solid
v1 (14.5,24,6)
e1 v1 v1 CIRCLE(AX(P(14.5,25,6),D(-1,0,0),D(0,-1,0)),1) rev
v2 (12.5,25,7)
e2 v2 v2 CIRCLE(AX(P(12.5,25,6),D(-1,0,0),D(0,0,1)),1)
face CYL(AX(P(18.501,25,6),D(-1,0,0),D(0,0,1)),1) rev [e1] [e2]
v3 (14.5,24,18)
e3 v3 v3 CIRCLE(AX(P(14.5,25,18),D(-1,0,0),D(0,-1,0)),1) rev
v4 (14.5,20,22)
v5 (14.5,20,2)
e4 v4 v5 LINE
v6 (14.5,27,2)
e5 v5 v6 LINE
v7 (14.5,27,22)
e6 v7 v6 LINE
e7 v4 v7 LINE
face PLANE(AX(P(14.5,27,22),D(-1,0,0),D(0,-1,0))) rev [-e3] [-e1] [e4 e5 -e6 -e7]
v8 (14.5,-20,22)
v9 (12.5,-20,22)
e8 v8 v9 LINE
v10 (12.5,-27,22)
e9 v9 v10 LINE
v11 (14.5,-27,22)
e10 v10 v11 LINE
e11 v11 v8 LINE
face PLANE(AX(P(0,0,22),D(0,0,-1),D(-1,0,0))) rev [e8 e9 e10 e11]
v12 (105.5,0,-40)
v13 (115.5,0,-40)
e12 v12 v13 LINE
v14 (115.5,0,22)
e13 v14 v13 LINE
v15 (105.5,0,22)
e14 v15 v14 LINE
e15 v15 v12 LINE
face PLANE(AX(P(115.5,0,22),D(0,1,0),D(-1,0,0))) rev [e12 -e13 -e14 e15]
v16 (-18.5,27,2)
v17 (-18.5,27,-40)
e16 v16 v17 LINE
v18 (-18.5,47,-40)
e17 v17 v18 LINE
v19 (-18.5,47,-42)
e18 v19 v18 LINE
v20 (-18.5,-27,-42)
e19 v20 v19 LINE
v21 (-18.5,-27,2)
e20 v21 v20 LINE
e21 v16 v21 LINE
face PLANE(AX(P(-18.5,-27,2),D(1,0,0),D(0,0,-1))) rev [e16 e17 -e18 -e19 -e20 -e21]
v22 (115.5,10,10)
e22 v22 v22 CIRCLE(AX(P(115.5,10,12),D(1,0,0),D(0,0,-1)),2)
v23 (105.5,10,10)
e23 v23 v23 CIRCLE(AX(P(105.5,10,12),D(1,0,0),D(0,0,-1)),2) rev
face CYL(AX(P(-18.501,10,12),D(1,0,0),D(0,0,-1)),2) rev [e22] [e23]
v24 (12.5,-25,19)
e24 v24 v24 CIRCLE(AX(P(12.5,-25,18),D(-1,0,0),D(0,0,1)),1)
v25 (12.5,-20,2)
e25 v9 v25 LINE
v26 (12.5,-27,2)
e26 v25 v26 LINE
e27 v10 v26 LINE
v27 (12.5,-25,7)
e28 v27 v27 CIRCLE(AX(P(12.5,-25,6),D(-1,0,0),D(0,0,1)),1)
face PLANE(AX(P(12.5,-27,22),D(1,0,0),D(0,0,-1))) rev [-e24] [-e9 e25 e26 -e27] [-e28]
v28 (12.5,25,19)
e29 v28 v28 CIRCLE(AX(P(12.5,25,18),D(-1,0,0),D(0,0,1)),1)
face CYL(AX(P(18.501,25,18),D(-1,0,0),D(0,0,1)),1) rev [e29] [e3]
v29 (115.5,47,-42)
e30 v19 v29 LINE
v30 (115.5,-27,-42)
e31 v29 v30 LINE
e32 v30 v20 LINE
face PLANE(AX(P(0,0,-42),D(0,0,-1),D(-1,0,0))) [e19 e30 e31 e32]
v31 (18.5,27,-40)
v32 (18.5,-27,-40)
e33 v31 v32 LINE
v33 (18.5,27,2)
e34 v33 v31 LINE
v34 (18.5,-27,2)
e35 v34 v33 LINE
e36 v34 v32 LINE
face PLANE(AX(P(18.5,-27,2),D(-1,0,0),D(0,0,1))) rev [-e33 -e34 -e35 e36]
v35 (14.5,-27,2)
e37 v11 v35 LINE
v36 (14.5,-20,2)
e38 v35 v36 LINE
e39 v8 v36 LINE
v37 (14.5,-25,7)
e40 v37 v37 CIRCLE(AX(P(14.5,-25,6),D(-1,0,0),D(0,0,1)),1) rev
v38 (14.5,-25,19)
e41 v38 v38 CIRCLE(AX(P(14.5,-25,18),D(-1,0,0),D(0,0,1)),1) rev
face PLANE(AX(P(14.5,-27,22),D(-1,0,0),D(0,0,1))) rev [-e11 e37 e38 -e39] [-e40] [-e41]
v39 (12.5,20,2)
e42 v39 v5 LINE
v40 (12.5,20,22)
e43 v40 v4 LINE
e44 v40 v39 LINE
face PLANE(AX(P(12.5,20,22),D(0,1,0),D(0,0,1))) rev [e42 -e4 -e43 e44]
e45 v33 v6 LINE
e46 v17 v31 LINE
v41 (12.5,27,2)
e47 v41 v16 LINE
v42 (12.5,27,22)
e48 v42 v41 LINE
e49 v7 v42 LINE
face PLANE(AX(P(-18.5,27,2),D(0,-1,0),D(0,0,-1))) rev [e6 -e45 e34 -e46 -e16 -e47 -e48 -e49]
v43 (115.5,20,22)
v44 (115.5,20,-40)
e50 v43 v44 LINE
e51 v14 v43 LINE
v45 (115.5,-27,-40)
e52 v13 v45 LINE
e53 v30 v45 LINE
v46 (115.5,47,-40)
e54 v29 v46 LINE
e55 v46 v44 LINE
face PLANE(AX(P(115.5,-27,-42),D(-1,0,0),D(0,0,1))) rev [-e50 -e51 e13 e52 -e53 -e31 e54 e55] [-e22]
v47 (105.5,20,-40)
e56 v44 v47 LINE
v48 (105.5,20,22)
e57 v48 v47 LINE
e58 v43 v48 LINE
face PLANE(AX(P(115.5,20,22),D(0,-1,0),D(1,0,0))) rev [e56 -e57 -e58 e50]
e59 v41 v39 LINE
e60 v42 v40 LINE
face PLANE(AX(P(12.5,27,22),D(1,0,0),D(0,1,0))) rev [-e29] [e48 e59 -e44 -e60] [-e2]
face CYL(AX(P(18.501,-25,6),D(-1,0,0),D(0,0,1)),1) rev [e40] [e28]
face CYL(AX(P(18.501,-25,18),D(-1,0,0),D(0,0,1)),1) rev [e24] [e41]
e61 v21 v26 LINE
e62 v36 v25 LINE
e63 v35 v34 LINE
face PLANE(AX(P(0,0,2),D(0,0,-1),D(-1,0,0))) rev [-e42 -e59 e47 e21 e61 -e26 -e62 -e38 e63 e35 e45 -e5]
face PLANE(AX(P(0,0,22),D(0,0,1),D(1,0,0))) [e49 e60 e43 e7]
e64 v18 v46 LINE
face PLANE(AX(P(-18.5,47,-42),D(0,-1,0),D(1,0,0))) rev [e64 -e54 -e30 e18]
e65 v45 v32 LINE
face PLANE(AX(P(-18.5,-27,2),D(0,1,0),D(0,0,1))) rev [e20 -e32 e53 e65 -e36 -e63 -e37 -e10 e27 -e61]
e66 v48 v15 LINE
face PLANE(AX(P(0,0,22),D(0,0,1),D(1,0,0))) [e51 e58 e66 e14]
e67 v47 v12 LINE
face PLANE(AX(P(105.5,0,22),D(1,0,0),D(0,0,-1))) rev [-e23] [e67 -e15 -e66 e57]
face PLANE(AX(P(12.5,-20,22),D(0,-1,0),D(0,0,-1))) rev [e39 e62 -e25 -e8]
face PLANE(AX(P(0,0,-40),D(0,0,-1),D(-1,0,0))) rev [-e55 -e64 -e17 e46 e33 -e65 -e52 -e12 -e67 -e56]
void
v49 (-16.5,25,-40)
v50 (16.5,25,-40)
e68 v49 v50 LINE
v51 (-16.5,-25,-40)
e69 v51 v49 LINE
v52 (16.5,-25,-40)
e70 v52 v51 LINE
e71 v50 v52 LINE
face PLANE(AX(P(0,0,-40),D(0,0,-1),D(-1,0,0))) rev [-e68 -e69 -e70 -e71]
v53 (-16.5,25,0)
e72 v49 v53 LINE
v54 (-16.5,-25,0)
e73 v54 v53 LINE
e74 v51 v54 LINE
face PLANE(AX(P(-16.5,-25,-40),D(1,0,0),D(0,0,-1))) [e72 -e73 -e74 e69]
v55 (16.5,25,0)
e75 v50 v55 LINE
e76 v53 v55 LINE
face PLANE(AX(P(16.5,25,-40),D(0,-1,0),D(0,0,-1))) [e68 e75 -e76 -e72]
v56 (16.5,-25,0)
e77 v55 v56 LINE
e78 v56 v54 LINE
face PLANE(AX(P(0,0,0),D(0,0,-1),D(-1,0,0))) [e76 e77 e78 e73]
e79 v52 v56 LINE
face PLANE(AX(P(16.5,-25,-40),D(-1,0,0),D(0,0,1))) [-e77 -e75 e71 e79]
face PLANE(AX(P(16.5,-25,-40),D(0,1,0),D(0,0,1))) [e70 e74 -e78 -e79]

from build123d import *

# Parameters (mm, degrees)
SKETCH1_W           = 37
SKETCH1_H           = 54
BOSS_EXTRUDE1_DEPTH = 2
SKETCH2_W           = 2
SKETCH2_H           = 7
BOSS_EXTRUDE2_DEPTH = 20
CUT_EXTRUDE1_REACH  = 48.626
SKETCH3_R           = 1
SKETCH11_W          = 37
SKETCH11_H          = 54
SKETCH11_W_2        = 33
SKETCH11_H_2        = 50
BOSS_EXTRUDE5_DEPTH = 40
SKETCH12_W          = 134
SKETCH12_H          = 74
BOSS_EXTRUDE6_DEPTH = 2
SKETCH13_W          = 10
SKETCH13_H          = 20
BOSS_EXTRUDE7_DEPTH = 62
CUT_EXTRUDE2_REACH  = 150.084
SKETCH16_R          = 2


with BuildPart() as part:
    # Sketch1 → Boss-Extrude1 (new body)
    with BuildSketch(Plane.XY):
        Rectangle(SKETCH1_W, SKETCH1_H)
    extrude(amount=BOSS_EXTRUDE1_DEPTH)

    # Sketch2 → Boss-Extrude2 (add)
    with BuildSketch(Plane.XY.offset(2)):
        with Locations((13.5, -23.5)):
            Rectangle(SKETCH2_W, SKETCH2_H)
        with Locations((13.5, 23.5)):
            Rectangle(SKETCH2_W, SKETCH2_H)
    extrude(amount=BOSS_EXTRUDE2_DEPTH)

    # Sketch3 → Cut-Extrude1 (cut, up to next)
    with BuildSketch(Plane.ZY.offset(-12.5), mode=Mode.PRIVATE) as cut_extrude1_sk1:
        with Locations((6, -25)):
            Circle(SKETCH3_R)
    cut_extrude1_tool1 = extrude(cut_extrude1_sk1.sketch, amount=-CUT_EXTRUDE1_REACH, mode=Mode.PRIVATE) & part.part
    # Sketch3 → Cut-Extrude1 (cut, up to next)
    with BuildSketch(Plane.ZY.offset(-12.5), mode=Mode.PRIVATE) as cut_extrude1_sk2:
        with Locations((18, -25)):
            Circle(SKETCH3_R)
    cut_extrude1_tool2 = extrude(cut_extrude1_sk2.sketch, amount=-CUT_EXTRUDE1_REACH, mode=Mode.PRIVATE) & part.part
    # Sketch3 → Cut-Extrude1 (cut, up to next)
    with BuildSketch(Plane.ZY.offset(-12.5), mode=Mode.PRIVATE) as cut_extrude1_sk3:
        with Locations((6, 25)):
            Circle(SKETCH3_R)
    cut_extrude1_tool3 = extrude(cut_extrude1_sk3.sketch, amount=-CUT_EXTRUDE1_REACH, mode=Mode.PRIVATE) & part.part
    # Sketch3 → Cut-Extrude1 (cut, up to next)
    with BuildSketch(Plane.ZY.offset(-12.5), mode=Mode.PRIVATE) as cut_extrude1_sk4:
        with Locations((18, 25)):
            Circle(SKETCH3_R)
    cut_extrude1_tool4 = extrude(cut_extrude1_sk4.sketch, amount=-CUT_EXTRUDE1_REACH, mode=Mode.PRIVATE) & part.part
    add(cut_extrude1_tool1.solids().sort_by_distance((12.5, -25, 6))[0], mode=Mode.SUBTRACT)
    add(cut_extrude1_tool2.solids().sort_by_distance((12.5, -25, 18))[0], mode=Mode.SUBTRACT)
    add(cut_extrude1_tool3.solids().sort_by_distance((12.5, 25, 6))[0], mode=Mode.SUBTRACT)
    add(cut_extrude1_tool4.solids().sort_by_distance((12.5, 25, 18))[0], mode=Mode.SUBTRACT)

    # Sketch11 → Boss-Extrude5 (add)
    with BuildSketch(Plane(origin=(0, 0, 0), x_dir=(-1, 0, 0), z_dir=(0, 0, -1))):
        Rectangle(SKETCH11_W, SKETCH11_H)
        Rectangle(SKETCH11_W_2, SKETCH11_H_2, mode=Mode.SUBTRACT)
    extrude(amount=BOSS_EXTRUDE5_DEPTH)

    # Sketch12 → Boss-Extrude6 (add)
    with BuildSketch(Plane(origin=(0, 0, -40), x_dir=(-1, 0, 0), z_dir=(0, 0, -1))):
        with Locations((-48.5, 10)):
            Rectangle(SKETCH12_W, SKETCH12_H)
    extrude(amount=BOSS_EXTRUDE6_DEPTH)

    # Sketch13 → Boss-Extrude7 (add)
    with BuildSketch(Plane.XY.offset(-40)):
        with Locations((110.5, 10)):
            Rectangle(SKETCH13_W, SKETCH13_H)
    extrude(amount=BOSS_EXTRUDE7_DEPTH)

    # Sketch16 → Cut-Extrude2 (cut, up to next)
    with BuildSketch(Plane(origin=(115.5, 0, 0), x_dir=(0, 0, -1), z_dir=(1, 0, 0)), mode=Mode.PRIVATE) as cut_extrude2_sk1:
        with Locations((-12, 10)):
            Circle(SKETCH16_R)
    cut_extrude2_tool1 = extrude(cut_extrude2_sk1.sketch, amount=-CUT_EXTRUDE2_REACH, mode=Mode.PRIVATE) & part.part
    add(cut_extrude2_tool1.solids().sort_by_distance((115.5, 10, 12))[0], mode=Mode.SUBTRACT)


solid = part.part
